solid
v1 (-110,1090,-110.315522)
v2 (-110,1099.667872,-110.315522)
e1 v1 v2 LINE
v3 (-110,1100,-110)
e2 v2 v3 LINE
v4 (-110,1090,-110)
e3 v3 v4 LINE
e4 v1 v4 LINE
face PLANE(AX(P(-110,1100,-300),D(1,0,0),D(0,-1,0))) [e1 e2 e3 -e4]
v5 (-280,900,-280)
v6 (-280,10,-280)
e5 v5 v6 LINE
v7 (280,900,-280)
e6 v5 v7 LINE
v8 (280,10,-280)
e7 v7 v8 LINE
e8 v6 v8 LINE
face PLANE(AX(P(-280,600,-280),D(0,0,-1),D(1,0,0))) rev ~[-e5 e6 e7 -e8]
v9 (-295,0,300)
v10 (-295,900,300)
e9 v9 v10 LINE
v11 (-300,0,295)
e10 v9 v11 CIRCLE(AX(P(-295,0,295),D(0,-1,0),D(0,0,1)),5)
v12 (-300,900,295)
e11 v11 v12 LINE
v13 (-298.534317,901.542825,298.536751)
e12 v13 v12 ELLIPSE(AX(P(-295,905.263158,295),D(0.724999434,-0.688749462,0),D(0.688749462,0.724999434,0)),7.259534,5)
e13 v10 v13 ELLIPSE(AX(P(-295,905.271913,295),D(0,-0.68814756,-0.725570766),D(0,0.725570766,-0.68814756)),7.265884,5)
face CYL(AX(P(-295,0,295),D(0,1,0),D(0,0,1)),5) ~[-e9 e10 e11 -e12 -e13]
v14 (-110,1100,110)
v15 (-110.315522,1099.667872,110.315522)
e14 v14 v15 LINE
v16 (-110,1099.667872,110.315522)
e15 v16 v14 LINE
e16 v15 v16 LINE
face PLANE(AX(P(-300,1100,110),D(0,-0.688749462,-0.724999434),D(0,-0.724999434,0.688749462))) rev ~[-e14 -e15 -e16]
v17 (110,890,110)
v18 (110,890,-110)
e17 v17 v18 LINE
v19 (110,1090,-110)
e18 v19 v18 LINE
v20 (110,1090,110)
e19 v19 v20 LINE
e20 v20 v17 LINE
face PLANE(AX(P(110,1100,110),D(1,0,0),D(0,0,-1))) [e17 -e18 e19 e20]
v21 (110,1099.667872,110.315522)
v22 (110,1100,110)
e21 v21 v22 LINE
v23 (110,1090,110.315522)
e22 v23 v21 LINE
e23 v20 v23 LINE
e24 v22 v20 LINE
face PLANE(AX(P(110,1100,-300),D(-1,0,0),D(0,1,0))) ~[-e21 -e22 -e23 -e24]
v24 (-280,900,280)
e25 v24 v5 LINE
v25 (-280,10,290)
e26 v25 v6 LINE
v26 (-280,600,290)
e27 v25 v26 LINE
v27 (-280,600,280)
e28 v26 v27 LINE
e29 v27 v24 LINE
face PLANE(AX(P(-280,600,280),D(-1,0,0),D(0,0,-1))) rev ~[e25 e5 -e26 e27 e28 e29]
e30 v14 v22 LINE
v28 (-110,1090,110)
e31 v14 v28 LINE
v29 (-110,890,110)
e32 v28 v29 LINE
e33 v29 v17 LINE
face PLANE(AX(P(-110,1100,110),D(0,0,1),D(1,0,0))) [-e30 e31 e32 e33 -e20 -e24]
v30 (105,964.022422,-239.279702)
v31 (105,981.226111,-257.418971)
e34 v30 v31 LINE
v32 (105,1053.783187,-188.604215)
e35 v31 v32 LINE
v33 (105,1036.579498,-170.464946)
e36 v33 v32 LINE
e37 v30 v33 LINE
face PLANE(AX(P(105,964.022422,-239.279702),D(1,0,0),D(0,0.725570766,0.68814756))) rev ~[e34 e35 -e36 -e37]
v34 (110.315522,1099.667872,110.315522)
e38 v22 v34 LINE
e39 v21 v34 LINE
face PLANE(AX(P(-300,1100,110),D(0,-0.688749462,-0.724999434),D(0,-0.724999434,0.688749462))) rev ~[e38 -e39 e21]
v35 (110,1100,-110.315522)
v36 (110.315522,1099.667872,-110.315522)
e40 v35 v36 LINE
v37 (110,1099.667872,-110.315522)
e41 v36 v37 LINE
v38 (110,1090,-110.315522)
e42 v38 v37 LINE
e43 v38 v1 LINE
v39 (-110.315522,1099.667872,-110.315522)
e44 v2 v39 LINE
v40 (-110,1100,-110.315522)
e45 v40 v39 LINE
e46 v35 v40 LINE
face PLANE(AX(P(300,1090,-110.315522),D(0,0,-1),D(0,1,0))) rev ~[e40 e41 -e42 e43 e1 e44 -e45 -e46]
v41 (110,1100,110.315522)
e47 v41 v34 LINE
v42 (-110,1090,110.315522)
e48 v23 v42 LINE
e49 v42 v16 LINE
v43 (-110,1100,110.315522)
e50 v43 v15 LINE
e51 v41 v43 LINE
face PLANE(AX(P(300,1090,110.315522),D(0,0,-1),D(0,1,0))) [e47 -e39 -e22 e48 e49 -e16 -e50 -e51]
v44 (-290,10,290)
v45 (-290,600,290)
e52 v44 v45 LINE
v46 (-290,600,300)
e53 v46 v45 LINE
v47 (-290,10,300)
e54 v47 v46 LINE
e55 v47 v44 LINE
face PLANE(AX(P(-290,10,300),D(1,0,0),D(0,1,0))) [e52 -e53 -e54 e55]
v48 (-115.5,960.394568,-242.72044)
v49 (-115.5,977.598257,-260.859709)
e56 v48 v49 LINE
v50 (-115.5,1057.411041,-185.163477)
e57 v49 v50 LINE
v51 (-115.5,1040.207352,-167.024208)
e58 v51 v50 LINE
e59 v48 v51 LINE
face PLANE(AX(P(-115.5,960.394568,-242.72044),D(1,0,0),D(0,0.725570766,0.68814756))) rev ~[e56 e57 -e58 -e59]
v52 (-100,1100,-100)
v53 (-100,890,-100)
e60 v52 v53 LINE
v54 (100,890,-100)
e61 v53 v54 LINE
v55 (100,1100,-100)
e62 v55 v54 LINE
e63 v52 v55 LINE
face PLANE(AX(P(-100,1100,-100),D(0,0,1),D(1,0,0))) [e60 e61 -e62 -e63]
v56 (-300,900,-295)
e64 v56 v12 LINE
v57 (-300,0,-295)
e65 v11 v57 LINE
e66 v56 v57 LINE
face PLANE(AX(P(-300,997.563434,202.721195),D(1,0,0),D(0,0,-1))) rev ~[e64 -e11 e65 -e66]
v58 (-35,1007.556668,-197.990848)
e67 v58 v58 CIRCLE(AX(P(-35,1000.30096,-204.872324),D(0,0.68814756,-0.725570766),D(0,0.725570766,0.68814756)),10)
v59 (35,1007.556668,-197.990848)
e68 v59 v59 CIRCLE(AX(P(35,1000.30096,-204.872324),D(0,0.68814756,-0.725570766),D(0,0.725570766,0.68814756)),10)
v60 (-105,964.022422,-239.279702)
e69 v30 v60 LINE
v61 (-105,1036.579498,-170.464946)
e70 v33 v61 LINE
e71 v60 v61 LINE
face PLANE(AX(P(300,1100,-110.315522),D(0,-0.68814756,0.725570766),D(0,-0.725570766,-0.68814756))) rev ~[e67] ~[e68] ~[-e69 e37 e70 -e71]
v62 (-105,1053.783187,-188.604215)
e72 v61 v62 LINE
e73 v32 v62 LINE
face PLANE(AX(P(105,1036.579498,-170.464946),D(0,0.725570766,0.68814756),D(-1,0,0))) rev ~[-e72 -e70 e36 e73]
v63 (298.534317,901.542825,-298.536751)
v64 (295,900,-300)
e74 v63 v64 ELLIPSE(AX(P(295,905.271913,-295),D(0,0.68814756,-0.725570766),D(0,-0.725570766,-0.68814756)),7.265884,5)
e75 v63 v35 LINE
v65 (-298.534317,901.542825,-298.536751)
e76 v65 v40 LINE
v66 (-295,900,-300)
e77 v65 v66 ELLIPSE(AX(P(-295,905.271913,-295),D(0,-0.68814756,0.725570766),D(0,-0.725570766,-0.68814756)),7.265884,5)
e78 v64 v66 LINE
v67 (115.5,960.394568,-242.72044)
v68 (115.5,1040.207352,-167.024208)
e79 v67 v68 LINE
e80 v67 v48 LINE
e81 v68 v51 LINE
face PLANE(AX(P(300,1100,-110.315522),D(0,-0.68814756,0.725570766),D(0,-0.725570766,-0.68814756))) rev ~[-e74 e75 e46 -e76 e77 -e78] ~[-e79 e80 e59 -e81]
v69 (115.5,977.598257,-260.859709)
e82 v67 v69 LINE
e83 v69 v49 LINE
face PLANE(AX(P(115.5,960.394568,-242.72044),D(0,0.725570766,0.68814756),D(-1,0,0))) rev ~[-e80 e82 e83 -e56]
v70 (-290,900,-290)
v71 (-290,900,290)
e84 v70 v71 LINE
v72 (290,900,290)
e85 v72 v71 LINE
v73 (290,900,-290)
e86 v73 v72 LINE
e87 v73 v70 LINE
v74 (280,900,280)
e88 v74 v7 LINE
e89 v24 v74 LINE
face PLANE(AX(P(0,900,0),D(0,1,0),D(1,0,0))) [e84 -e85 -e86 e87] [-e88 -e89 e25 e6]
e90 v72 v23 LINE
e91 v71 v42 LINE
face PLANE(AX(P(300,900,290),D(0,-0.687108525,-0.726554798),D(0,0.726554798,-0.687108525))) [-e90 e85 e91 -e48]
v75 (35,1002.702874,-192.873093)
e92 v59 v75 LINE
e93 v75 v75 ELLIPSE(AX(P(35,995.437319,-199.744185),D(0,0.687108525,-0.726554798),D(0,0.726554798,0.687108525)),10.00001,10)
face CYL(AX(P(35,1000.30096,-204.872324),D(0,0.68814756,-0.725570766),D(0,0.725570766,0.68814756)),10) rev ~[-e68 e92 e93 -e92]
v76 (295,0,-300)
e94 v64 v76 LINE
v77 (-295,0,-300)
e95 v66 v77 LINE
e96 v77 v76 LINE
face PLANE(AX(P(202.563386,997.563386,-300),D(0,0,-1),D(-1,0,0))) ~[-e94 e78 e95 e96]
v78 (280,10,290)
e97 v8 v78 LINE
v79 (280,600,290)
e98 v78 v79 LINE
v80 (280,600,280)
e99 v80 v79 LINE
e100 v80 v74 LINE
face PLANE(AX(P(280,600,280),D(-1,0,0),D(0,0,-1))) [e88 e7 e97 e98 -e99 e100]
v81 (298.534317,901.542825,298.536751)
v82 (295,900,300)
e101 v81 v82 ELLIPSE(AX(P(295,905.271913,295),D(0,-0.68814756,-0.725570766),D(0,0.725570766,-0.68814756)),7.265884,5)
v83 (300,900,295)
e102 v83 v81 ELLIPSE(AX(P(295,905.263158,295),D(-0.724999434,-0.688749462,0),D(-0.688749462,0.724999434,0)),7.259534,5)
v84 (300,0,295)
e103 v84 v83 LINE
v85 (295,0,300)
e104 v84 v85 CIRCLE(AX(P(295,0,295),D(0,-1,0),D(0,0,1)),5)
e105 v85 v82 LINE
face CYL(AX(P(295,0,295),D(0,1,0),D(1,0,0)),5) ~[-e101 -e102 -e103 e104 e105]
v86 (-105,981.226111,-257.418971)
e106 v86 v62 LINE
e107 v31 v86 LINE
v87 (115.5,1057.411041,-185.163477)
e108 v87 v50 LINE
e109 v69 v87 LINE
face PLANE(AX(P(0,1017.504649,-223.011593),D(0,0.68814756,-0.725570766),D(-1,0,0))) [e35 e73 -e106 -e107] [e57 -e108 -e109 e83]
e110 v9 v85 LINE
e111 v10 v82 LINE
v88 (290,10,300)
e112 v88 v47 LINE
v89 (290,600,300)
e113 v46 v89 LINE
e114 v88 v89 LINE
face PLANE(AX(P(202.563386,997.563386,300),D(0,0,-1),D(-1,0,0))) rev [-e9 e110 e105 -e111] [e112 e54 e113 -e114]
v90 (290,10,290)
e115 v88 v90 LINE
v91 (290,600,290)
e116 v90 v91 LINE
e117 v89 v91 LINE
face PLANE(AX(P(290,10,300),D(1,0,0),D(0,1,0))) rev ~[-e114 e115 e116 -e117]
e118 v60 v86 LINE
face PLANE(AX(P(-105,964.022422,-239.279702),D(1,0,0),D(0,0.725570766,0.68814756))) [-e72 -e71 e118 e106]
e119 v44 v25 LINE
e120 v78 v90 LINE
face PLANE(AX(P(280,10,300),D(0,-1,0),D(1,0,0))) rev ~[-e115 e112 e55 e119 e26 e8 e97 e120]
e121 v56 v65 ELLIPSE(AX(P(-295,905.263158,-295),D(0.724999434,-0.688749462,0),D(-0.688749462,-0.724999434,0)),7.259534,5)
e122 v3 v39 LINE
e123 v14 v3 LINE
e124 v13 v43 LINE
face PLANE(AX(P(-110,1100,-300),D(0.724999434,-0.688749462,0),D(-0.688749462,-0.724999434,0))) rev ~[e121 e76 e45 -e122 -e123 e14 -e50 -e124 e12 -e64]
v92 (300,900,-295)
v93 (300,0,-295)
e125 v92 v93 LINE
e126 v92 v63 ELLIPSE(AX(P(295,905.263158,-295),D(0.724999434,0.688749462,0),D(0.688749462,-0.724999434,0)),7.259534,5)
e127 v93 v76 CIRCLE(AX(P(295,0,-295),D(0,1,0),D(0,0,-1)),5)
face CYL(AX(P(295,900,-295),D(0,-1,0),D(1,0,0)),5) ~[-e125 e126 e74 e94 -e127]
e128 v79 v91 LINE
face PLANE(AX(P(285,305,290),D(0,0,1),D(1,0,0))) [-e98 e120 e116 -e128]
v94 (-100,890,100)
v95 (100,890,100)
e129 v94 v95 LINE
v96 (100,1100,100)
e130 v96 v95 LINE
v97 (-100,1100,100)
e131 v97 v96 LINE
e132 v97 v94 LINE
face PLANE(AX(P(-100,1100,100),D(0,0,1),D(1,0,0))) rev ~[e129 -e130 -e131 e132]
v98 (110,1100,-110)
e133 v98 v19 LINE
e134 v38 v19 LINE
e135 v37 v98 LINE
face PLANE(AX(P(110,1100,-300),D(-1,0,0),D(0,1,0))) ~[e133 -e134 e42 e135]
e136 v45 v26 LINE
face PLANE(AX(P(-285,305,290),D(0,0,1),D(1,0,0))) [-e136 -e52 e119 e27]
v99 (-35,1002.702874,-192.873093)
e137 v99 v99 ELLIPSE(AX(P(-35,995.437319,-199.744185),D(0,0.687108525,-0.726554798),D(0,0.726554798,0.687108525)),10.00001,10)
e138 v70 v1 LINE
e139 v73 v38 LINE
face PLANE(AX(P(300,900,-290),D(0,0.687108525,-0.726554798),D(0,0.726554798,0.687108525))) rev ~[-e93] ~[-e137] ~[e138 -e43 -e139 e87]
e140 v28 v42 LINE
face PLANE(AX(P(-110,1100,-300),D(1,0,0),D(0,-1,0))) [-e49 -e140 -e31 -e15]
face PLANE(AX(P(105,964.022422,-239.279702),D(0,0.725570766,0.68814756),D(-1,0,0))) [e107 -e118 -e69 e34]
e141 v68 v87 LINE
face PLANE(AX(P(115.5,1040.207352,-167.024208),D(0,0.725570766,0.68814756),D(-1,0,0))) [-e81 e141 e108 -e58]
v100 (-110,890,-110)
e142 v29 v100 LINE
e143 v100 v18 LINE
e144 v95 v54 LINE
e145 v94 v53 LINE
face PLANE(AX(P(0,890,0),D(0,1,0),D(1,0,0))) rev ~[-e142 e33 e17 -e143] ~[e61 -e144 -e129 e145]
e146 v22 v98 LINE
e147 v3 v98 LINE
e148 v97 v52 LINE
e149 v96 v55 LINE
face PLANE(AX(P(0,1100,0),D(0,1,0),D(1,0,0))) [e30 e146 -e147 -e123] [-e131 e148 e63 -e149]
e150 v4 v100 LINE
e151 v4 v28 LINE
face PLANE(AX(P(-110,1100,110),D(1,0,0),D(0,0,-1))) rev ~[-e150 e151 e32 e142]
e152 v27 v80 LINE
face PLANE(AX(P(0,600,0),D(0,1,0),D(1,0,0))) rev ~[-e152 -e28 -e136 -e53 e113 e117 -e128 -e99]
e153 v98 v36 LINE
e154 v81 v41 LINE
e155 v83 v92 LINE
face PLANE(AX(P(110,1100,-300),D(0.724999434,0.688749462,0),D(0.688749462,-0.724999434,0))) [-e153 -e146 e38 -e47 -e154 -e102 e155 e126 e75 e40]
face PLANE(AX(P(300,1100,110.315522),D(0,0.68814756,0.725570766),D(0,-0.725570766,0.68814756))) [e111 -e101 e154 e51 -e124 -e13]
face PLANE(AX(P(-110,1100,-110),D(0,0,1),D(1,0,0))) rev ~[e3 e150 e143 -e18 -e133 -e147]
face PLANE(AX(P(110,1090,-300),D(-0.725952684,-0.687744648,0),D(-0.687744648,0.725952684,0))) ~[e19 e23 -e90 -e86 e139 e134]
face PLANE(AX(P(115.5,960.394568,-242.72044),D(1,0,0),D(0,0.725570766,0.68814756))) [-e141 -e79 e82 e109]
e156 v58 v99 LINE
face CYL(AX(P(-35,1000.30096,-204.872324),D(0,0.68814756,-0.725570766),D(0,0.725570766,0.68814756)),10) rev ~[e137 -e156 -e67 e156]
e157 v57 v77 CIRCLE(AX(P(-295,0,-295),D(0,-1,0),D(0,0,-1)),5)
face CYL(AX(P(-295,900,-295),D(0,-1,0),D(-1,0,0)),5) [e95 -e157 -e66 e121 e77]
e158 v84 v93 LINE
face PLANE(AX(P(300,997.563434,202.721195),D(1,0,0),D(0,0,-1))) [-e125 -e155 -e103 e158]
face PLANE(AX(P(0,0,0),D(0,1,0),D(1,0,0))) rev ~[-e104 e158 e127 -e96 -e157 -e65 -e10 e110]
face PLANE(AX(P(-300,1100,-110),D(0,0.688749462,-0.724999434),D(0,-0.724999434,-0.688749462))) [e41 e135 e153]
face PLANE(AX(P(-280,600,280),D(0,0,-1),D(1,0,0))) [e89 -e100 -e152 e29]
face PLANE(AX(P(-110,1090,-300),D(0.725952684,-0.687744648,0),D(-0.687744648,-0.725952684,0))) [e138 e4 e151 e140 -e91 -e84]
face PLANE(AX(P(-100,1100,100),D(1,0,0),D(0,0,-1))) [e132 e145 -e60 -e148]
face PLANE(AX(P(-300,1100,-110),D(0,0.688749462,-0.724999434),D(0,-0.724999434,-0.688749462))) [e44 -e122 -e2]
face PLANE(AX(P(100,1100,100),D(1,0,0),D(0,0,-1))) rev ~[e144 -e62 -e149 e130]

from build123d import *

# Parameters (mm, degrees)
SKETCH1_W            = 600
SKETCH1_H            = 600
BOSS_EXTRUDE1_DEPTH  = 10
SKETCH2_W            = 600
SKETCH2_H            = 600
SKETCH2_W_2          = 560
SKETCH2_H_2          = 560
BOSS_AREA_C_DEPTH    = 590
SKETCH4_W            = 560
SKETCH4_H            = 20
CUT_AREA_C_DEPTH     = 590
SKETCH5_W            = 600
SKETCH5_H            = 600
SKETCH5_W_2          = 560
SKETCH5_H_2          = 560
AREA_B_DEPTH         = 300
SKETCH7_W            = 10
SKETCH7_H            = 590
CUT_EXTRUDE3_DEPTH   = 10
SKETCH8_W            = 220
SKETCH8_H            = 220
SKETCH8_W_2          = 200
SKETCH8_H_2          = 200
BOSS_EXTRUDE7_DEPTH  = 210
BOSS_EXTRUDE8_DEPTH  = 600
CUT_EXTRUDE4_DEPTH   = 600
BOSS_EXTRUDE9_DEPTH  = 600
CUT_EXTRUDE5_DEPTH   = 600
SKETCH16_W           = 231
SKETCH16_H           = 110
SKETCH16_W_2         = 210
SKETCH16_H_2         = 100
BOSS_EXTRUDE13_DEPTH = 25
SKETCH18_R           = 10
CUT_EXTRUDE6_DEPTH   = 35
FILLET1_R            = 5


with BuildPart() as part:
    # Sketch1 → Boss-Extrude1 (new body)
    with BuildSketch(Plane(origin=(0, 0, 0), x_dir=(1, 0, 0), z_dir=(0, 1, 0))):
        Rectangle(SKETCH1_W, SKETCH1_H)
    extrude(amount=BOSS_EXTRUDE1_DEPTH)

    # Sketch2 → Boss-Area C (add)
    with BuildSketch(Plane(origin=(0, 10, 0), x_dir=(1, 0, 0), z_dir=(0, 1, 0))):
        Rectangle(SKETCH2_W, SKETCH2_H)
        Rectangle(SKETCH2_W_2, SKETCH2_H_2, mode=Mode.SUBTRACT)
    extrude(amount=BOSS_AREA_C_DEPTH)

    # Sketch4 → Cut-Area C (cut)
    with BuildSketch(Plane(origin=(0, 600, 0), x_dir=(1, 0, 0), z_dir=(0, 1, 0))):
        with Locations((0, -290)):
            Rectangle(SKETCH4_W, SKETCH4_H)
    extrude(amount=-CUT_AREA_C_DEPTH, mode=Mode.SUBTRACT)

    # Sketch5 → Area B (add)
    with BuildSketch(Plane(origin=(0, 600, 0), x_dir=(1, 0, 0), z_dir=(0, 1, 0))):
        Rectangle(SKETCH5_W, SKETCH5_H)
        Rectangle(SKETCH5_W_2, SKETCH5_H_2, mode=Mode.SUBTRACT)
    extrude(amount=AREA_B_DEPTH)

    # Sketch7 → Cut-Extrude3 (cut)
    with BuildSketch(Plane.XY.offset(300)):
        with Locations((285, 305)):
            Rectangle(SKETCH7_W, SKETCH7_H)
        with Locations((-285, 305)):
            Rectangle(SKETCH7_W, SKETCH7_H)
    extrude(amount=-CUT_EXTRUDE3_DEPTH, mode=Mode.SUBTRACT)



with BuildPart() as body_2:
    # Sketch8 → Boss-Extrude7 (new body)
    with BuildSketch(Plane(origin=(0, 1100, 0), x_dir=(1, 0, 0), z_dir=(0, 1, 0))):
        Rectangle(SKETCH8_W, SKETCH8_H)
        Rectangle(SKETCH8_W_2, SKETCH8_H_2, mode=Mode.SUBTRACT)
    extrude(amount=-BOSS_EXTRUDE7_DEPTH)


with BuildPart() as part_1:
    add(part.part)

    add(body_2.part)  # Boss-Extrude8 merges body 2
    # Sketch9 → Boss-Extrude8 (add)
    with BuildSketch(Plane(origin=(0, 0, -300), x_dir=(-1, 0, 0), z_dir=(0, 0, -1))):
        Polygon((300, 900), (110, 1100), (110, 1090), (290, 900), align=None)
    boss_extrude8 = extrude(amount=-BOSS_EXTRUDE8_DEPTH)

    # Mirror1: Boss-Extrude8 across plane
    add(boss_extrude8.mirror(Plane(origin=(0, 0, 0), x_dir=(0, 0, 1), z_dir=(1, 0, 0))))

    # Sketch10 → Cut-Extrude4 (cut)
    with BuildSketch(Plane.ZY.offset(300)):
        Polygon((-300, 900), (-300, 1100), (-110, 1100), align=None)
        Polygon((300, 1100), (110, 1100), (300, 900), align=None)
    extrude(amount=-CUT_EXTRUDE4_DEPTH, mode=Mode.SUBTRACT)

    # Sketch13 → Boss-Extrude9 (add)
    with BuildSketch(Plane(origin=(300, 0, 0), x_dir=(0, 0, -1), z_dir=(1, 0, 0))):
        Polygon((-300, 900), (-290, 900), (-110.315522005, 1090), (-110.315522005, 1100), align=None)
        Polygon((300, 900), (290, 900), (110.315522005, 1090), (110.315522005, 1100), align=None)
    extrude(amount=-BOSS_EXTRUDE9_DEPTH)

    # Sketch14 → Cut-Extrude5 (cut)
    with BuildSketch(Plane(origin=(0, 0, -300), x_dir=(-1, 0, 0), z_dir=(0, 0, -1))):
        Polygon((-110, 1100), (-300, 900), (-300, 1100), align=None)
        Polygon((300, 1100), (110, 1100), (300, 900), align=None)
    extrude(amount=-CUT_EXTRUDE5_DEPTH, mode=Mode.SUBTRACT)

    # Sketch16 → Boss-Extrude13 (add)
    with BuildSketch(Plane(origin=(0, 575.982283096, -607.305657461), x_dir=(-1, 0, 0), z_dir=(0, 0.6881475597150754, -0.7255707657135773))):
        with Locations((0, 584.806743705)):
            Rectangle(SKETCH16_W, SKETCH16_H)
        with Locations((0, 584.806743705)):
            Rectangle(SKETCH16_W_2, SKETCH16_H_2, mode=Mode.SUBTRACT)
    extrude(amount=BOSS_EXTRUDE13_DEPTH)

    # Sketch18 → Cut-Extrude6 (cut)
    with BuildSketch(Plane(origin=(0, 575.982283096, -607.305657461), x_dir=(-1, 0, 0), z_dir=(0, 0.6881475597150754, -0.7255707657135773))):
        with Locations(Location((-35, 584.806743705, 0), (0, 0, 90))):
            Circle(SKETCH18_R)
        with Locations(Location((35, 584.806743705, 0), (0, 0, 90))):
            Circle(SKETCH18_R)
    extrude(amount=-CUT_EXTRUDE6_DEPTH, mode=Mode.SUBTRACT)

    # Fillet1
    fillet1_edges = [part_1.edges().sort_by_distance(p)[0] for p in [
        (300, 450, 300),
        (-300, 450, 300),
        (-300, 450, -300),
        (300, 450, -300),
    ]]
    fillet(fillet1_edges, radius=FILLET1_R)


solid = part_1.part
